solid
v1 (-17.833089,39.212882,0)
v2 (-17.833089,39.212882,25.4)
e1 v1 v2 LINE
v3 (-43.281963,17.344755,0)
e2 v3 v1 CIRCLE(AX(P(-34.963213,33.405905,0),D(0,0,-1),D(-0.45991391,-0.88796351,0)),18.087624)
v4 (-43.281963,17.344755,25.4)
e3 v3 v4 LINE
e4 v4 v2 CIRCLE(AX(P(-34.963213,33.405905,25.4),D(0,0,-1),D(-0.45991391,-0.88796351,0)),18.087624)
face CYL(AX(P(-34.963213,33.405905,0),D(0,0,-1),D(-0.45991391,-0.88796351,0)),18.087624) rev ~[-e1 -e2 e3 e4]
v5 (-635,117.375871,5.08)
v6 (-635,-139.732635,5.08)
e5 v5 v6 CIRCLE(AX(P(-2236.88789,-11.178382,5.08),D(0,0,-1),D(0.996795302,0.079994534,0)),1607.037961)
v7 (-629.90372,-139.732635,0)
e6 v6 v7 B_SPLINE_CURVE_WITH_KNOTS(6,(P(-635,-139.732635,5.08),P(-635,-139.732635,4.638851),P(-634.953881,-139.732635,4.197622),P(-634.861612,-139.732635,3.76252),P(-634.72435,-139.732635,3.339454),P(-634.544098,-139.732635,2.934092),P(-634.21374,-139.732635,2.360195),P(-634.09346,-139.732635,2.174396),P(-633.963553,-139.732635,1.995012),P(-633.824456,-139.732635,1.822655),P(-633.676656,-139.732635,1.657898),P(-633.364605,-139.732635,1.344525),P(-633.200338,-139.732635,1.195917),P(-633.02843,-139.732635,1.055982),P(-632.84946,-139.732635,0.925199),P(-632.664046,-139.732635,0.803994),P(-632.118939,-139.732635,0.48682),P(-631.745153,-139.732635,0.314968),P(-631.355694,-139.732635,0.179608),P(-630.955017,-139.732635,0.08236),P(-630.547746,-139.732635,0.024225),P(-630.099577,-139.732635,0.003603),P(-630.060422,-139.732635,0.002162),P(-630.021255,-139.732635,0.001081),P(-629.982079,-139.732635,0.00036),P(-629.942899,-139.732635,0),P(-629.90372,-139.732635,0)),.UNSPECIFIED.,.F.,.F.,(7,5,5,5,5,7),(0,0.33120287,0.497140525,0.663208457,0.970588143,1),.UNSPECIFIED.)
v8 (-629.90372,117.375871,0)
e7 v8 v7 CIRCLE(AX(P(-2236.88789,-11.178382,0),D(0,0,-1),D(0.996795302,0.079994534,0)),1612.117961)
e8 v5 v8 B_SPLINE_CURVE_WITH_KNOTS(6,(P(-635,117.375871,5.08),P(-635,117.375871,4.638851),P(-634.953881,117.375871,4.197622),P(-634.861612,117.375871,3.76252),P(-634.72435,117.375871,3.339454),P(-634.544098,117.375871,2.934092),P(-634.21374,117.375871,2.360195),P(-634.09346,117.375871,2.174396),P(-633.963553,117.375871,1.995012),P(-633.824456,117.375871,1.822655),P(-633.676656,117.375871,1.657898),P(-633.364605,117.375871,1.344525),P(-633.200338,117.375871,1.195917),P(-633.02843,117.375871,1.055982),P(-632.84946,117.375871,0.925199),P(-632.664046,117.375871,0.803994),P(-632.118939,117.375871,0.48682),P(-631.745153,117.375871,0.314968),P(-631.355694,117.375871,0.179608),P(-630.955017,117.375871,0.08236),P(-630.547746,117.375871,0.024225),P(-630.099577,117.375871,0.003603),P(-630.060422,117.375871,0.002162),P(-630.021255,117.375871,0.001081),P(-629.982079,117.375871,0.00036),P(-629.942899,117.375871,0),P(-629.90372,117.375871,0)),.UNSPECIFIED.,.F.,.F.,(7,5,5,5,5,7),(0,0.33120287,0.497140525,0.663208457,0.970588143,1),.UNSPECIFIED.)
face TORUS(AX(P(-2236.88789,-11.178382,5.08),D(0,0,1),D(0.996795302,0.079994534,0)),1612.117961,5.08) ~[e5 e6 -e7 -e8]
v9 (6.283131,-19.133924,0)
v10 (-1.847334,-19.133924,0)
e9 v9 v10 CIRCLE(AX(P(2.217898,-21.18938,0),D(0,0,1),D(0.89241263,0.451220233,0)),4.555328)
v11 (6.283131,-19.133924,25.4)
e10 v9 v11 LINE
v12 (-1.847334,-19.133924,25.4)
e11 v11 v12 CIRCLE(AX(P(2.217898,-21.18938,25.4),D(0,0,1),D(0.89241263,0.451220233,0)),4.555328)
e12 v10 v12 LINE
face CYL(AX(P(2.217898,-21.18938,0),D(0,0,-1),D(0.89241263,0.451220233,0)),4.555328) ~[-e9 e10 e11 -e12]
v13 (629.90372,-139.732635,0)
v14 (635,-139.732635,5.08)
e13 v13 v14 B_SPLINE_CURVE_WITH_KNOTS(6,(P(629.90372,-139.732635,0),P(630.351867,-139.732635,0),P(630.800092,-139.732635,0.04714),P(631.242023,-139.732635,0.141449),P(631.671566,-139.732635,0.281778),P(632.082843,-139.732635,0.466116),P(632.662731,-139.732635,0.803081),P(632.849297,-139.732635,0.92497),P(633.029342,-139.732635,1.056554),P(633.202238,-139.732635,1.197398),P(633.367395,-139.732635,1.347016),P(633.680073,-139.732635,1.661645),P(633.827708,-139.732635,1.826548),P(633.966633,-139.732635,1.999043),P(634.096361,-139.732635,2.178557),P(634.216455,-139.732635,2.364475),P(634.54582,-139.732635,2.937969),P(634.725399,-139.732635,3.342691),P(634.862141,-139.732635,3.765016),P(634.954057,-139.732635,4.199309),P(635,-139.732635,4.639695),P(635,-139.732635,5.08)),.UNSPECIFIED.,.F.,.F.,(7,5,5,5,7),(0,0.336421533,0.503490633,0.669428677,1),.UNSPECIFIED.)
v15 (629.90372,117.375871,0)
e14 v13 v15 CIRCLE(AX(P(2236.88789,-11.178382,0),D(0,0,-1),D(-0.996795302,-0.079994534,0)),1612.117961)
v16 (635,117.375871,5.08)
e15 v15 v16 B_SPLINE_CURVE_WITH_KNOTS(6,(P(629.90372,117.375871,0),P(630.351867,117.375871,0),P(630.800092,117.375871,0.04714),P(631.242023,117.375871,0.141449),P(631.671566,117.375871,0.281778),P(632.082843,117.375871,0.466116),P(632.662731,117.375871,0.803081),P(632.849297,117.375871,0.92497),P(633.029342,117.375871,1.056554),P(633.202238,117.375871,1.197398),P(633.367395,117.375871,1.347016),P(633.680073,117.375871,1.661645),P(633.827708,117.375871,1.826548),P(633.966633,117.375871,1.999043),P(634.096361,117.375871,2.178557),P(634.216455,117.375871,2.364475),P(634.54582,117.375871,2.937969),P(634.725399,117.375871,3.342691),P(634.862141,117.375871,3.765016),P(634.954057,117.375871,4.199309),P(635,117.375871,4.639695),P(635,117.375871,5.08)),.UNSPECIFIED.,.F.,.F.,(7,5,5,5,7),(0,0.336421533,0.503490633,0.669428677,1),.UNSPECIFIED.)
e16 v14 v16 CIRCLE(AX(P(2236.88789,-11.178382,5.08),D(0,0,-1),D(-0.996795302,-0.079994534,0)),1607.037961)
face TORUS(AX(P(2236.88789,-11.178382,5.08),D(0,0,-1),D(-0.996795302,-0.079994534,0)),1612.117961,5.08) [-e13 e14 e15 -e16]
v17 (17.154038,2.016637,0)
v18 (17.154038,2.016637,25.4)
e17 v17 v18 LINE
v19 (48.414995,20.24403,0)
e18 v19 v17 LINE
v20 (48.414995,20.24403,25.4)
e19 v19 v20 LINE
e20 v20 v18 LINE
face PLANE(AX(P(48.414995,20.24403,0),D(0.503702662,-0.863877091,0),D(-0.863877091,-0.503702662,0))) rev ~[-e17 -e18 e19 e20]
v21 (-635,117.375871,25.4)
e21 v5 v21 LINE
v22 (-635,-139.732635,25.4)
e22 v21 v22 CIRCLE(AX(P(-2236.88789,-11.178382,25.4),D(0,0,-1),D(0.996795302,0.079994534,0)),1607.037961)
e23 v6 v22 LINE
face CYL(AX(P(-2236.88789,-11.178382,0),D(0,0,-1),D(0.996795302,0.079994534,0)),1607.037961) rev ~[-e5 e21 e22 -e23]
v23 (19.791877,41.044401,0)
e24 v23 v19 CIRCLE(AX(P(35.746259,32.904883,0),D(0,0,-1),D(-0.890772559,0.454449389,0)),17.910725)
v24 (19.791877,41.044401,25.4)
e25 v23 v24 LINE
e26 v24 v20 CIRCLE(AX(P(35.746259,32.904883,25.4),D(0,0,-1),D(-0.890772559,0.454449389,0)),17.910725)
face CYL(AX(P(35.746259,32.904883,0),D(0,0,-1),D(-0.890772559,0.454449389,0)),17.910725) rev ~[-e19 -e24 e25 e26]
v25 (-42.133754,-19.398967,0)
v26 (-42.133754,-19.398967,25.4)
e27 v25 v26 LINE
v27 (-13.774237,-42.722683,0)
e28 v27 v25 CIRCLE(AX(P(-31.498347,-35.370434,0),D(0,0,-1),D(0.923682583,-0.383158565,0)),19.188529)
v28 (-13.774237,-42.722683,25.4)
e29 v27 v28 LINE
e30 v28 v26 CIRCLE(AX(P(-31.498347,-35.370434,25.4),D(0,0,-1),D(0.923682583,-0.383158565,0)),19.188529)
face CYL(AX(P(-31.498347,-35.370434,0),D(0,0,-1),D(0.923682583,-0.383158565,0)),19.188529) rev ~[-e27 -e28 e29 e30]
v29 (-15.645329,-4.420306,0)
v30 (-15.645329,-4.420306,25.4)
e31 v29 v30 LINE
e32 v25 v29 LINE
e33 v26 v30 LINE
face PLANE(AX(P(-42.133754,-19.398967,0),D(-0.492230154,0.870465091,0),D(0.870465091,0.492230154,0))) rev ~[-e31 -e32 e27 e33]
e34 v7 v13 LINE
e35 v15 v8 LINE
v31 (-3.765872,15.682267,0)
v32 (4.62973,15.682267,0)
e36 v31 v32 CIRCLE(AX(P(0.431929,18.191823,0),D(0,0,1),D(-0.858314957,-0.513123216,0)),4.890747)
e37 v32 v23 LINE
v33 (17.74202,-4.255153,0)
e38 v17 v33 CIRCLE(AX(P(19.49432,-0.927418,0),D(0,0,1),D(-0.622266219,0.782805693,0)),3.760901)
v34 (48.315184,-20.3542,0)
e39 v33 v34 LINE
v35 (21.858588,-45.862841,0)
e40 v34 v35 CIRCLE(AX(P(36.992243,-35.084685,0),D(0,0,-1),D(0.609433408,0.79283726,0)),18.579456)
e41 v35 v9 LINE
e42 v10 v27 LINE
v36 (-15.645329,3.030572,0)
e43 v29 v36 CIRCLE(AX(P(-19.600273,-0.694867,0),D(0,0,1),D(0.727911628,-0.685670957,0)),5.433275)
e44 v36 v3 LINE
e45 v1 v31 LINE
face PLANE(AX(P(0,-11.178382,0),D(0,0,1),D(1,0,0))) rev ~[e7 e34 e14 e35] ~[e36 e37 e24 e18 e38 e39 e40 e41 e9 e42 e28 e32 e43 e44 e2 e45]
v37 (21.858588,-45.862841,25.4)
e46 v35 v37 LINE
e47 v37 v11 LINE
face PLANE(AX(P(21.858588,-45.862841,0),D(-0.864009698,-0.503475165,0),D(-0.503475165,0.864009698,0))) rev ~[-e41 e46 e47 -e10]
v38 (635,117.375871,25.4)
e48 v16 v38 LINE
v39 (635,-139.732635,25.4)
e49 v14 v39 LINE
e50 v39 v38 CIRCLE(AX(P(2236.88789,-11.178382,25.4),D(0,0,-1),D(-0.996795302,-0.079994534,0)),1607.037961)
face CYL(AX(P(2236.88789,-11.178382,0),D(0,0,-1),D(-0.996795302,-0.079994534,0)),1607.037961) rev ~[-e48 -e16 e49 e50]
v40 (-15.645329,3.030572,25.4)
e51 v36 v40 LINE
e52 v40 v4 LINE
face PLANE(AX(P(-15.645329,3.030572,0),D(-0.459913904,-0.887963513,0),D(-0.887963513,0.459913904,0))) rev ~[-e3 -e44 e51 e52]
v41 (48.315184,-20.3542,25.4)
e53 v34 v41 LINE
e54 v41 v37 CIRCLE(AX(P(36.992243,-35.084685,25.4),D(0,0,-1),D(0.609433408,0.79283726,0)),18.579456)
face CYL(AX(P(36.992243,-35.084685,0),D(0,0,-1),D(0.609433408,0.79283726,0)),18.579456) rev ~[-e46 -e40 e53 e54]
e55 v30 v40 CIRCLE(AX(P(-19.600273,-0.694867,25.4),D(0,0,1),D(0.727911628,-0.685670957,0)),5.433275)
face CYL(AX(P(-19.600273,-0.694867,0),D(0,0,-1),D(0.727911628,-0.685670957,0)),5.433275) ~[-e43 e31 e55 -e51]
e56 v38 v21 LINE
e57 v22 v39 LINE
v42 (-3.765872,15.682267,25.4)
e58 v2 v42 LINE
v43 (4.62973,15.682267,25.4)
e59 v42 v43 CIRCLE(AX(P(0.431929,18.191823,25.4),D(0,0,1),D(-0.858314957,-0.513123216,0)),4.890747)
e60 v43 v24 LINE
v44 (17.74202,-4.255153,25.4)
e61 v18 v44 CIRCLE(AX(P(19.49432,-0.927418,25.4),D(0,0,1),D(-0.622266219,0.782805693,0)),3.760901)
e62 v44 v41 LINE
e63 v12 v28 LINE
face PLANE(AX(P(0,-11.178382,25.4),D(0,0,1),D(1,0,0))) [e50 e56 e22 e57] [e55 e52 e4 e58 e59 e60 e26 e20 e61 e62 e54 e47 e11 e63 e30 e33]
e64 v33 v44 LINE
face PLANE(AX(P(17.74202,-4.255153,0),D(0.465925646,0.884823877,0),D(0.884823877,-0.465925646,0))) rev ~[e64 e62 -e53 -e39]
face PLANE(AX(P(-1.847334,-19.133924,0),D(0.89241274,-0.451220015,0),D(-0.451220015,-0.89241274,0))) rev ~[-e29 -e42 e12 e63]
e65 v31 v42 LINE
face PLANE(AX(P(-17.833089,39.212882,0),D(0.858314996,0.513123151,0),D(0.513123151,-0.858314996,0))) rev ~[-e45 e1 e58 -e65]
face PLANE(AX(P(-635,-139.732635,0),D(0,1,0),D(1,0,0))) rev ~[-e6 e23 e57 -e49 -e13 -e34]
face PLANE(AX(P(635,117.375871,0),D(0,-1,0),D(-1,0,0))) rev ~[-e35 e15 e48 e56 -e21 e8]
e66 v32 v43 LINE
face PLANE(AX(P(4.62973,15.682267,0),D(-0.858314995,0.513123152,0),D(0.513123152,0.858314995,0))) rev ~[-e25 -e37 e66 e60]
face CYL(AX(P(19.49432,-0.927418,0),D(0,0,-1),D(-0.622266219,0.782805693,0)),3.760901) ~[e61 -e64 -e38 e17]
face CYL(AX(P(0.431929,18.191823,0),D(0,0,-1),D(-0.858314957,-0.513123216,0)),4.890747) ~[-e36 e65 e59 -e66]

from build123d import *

# Parameters (mm, degrees)
F1_DEPTH = 25.4
F2_R     = 5.08
F3_R     = 5.08


with BuildPart() as f1:
    # F0 (on Top) → F1 (new body)
    with BuildSketch(Plane.XY):
        with BuildLine():
            ThreePointArc((-635, 117.375871), (-629.849929, -11.178382), (-635, -139.732635))
            Line((-635, -139.732635), (0, -139.732635))
            Line((0, -139.732635), (635, -139.732635))
            ThreePointArc((635, -139.732635), (629.849929, -11.178382), (635, 117.375871))
            Line((635, 117.375871), (0, 117.375871))
            Line((0, 117.375871), (-635, 117.375871))
        make_face()
        with BuildLine():
            ThreePointArc((-43.281963, 17.344755), (-46.751505, 47.124444), (-17.833089, 39.212882))
            Line((-17.833089, 39.212882), (-3.765872, 15.682267))
            ThreePointArc((-3.765872, 15.682267), (0.431929, 13.301076), (4.62973, 15.682267))
            Line((4.62973, 15.682267), (19.791877, 41.044401))
            ThreePointArc((19.791877, 41.044401), (46.275397, 47.39389), (48.414995, 20.24403))
            Line((48.414995, 20.24403), (17.154038, 2.016637))
            ThreePointArc((17.154038, 2.016637), (15.749838, -1.278464), (17.74202, -4.255153))
            Line((17.74202, -4.255153), (48.315184, -20.3542))
            ThreePointArc((48.315184, -20.3542), (49.888098, -48.459777), (21.858588, -45.862841))
            Line((21.858588, -45.862841), (6.283131, -19.133924))
            ThreePointArc((6.283131, -19.133924), (2.217899, -16.634052), (-1.847334, -19.133924))
            Line((-1.847334, -19.133924), (-13.774237, -42.722683))
            ThreePointArc((-13.774237, -42.722683), (-43.686922, -50.190632), (-42.133754, -19.398967))
            Line((-42.133754, -19.398967), (-15.645329, -4.420306))
            ThreePointArc((-15.645329, -4.420306), (-14.166998, -0.694867), (-15.645329, 3.030572))
            Line((-15.645329, 3.030572), (-43.281963, 17.344755))
        make_face(mode=Mode.SUBTRACT)
    extrude(amount=F1_DEPTH)

    # F2
    f2_edges = [f1.edges().sort_by_distance(p)[0] for p in [
        (-629.849929, -11.178382, 0),
    ]]
    fillet(f2_edges, radius=F2_R)

    # F3
    f3_edges = [f1.edges().sort_by_distance(p)[0] for p in [
        (629.849929, -11.178382, 0),
    ]]
    fillet(f3_edges, radius=F3_R)


solid = f1.part
